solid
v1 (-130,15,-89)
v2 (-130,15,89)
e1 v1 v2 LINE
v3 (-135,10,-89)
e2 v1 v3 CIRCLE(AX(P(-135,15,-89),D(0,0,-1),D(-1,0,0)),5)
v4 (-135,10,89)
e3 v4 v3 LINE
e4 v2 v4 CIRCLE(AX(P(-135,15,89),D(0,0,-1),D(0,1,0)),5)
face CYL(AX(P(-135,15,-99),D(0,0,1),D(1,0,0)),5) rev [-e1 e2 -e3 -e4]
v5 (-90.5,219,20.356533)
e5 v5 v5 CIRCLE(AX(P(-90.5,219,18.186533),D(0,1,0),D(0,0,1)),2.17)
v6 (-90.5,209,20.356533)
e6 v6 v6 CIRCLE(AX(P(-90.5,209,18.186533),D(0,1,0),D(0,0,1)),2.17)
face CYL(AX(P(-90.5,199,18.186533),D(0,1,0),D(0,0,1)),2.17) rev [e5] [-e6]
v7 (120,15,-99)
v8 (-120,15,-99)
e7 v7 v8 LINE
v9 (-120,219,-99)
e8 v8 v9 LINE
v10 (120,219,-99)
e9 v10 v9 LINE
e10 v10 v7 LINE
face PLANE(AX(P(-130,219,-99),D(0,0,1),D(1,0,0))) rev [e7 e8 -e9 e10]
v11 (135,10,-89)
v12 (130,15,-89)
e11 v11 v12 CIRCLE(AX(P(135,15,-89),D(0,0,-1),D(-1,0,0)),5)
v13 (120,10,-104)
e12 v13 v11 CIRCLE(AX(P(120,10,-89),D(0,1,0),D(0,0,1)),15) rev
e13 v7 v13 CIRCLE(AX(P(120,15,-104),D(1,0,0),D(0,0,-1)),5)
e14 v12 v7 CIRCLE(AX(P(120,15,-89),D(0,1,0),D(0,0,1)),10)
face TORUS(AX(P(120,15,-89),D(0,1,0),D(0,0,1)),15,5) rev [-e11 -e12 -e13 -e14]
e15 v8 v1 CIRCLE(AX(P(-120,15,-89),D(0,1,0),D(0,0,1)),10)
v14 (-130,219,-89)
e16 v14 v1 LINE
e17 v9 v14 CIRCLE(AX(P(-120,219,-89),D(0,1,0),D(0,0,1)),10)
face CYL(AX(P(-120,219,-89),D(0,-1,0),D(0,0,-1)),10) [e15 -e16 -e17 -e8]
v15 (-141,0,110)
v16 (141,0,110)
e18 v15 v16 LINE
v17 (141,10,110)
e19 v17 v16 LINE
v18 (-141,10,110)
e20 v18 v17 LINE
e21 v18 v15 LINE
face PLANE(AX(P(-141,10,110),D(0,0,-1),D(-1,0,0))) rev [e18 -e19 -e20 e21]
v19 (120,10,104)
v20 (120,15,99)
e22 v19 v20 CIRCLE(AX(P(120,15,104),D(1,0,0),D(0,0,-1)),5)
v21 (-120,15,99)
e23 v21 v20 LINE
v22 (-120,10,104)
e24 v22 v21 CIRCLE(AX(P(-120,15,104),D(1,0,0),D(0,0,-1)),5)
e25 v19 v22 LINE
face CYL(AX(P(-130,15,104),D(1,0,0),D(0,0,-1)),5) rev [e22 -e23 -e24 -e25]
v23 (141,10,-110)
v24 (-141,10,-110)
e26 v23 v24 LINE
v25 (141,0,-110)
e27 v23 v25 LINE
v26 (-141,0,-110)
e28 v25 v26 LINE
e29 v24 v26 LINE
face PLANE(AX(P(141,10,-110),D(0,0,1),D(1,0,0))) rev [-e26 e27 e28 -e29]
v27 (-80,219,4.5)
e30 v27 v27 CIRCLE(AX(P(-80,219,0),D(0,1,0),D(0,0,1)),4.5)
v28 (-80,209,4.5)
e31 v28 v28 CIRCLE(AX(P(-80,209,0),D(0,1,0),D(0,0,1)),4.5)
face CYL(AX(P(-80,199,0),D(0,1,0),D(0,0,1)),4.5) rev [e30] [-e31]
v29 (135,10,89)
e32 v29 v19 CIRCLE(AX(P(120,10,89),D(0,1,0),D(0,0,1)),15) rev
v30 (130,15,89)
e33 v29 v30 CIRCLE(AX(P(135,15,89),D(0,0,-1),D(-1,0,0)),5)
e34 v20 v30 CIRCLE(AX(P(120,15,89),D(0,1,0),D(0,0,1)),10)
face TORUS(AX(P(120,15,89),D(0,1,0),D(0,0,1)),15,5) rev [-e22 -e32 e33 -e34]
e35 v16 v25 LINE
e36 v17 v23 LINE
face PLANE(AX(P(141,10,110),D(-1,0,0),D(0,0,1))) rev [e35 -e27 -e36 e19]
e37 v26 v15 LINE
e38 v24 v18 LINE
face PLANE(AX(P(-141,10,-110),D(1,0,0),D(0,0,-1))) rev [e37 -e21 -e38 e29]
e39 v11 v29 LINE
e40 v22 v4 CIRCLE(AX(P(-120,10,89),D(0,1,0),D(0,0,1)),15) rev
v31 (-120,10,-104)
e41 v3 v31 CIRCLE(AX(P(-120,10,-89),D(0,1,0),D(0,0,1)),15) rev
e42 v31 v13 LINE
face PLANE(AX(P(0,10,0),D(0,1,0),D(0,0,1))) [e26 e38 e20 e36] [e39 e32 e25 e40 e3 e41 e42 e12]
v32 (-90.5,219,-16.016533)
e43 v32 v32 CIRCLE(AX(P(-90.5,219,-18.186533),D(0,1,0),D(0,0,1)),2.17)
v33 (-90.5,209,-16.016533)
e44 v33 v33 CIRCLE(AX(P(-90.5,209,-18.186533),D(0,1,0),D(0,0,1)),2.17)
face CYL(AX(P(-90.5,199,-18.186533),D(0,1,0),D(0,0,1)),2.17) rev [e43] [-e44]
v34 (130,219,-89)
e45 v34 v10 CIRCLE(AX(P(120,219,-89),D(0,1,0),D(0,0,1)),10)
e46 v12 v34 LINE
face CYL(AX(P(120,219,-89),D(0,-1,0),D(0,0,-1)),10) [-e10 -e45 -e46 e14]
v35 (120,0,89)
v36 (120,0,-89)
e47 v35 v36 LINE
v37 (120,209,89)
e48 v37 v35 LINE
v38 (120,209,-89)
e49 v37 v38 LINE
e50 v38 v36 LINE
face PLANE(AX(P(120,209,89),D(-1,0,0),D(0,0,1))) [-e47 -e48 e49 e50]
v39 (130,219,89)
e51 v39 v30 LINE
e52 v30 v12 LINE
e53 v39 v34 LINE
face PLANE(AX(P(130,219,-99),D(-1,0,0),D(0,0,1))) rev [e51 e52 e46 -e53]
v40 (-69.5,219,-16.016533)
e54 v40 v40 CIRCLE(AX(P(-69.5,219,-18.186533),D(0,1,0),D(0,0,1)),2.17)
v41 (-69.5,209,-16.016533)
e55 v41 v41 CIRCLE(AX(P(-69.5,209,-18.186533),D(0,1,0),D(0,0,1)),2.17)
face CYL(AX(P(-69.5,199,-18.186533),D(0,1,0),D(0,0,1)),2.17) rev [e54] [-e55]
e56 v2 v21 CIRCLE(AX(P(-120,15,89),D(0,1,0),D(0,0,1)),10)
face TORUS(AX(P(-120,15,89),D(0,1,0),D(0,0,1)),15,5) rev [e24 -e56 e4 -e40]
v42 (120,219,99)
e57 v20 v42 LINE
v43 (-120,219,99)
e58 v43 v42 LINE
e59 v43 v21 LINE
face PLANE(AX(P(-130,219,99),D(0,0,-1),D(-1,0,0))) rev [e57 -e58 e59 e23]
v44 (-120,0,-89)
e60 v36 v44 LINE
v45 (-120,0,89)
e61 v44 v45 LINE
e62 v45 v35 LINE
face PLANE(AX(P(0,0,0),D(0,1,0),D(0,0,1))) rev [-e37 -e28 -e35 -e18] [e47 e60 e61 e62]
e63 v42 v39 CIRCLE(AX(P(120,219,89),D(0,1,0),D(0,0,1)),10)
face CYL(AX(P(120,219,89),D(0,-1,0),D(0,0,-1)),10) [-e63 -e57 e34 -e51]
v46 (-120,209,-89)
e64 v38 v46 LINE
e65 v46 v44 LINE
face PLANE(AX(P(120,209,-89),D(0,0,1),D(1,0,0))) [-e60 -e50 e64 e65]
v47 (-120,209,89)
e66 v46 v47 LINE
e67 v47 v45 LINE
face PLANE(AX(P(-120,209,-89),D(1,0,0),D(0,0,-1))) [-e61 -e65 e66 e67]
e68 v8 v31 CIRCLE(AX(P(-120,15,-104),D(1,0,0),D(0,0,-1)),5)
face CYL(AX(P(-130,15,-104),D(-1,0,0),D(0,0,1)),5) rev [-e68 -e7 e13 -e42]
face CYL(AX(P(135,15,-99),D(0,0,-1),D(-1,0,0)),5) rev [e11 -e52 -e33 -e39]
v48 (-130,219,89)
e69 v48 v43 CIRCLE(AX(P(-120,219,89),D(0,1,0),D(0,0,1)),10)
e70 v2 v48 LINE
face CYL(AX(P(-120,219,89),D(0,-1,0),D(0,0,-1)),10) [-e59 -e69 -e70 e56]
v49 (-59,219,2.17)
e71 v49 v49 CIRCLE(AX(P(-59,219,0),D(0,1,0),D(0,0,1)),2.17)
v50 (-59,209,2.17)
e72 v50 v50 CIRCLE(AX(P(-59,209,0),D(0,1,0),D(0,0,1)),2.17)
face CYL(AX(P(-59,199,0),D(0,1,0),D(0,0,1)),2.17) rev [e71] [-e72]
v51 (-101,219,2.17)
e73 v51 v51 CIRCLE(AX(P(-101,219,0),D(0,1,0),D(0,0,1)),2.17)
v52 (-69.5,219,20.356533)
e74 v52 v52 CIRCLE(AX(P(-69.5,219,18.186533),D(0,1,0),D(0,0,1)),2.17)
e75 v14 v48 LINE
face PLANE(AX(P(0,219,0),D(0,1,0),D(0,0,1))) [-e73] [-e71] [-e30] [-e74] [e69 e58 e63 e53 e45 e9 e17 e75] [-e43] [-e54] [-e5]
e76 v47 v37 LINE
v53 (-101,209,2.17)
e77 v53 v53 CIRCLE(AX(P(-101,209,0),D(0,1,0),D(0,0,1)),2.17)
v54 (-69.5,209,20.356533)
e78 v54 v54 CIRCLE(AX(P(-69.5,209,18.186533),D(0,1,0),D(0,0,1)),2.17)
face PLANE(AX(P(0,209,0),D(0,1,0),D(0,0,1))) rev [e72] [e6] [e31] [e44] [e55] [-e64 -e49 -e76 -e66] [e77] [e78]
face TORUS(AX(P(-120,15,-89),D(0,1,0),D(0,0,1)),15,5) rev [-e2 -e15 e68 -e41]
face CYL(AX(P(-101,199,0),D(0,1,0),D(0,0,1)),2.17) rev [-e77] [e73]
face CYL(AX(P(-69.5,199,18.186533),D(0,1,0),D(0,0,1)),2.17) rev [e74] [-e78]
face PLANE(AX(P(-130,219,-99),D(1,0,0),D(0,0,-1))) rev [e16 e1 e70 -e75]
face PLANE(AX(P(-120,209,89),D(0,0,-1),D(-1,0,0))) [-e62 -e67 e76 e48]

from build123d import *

# Parameters (mm, degrees)
SKETCH1_W           = 260
SKETCH1_H           = 198
BOSS_EXTRUDE1_DEPTH = 219
SKETCH2_W           = 240
SKETCH2_H           = 178
CUT_EXTRUDE1_DEPTH  = 209
SKETCH3_W           = 282
SKETCH3_H           = 220
SKETCH3_W_2         = 260
SKETCH3_H_2         = 198
BOSS_EXTRUDE2_DEPTH = 10
FILLET1_R           = 10
FILLET3_R           = 5
SKETCH4_R           = 2.17
SKETCH4_R_2         = 4.5
CUT_EXTRUDE3_DEPTH  = 20


with BuildPart() as part:
    # Sketch1 → Boss-Extrude1 (new body)
    with BuildSketch(Plane(origin=(0, 0, 0), x_dir=(1, 0, 0), z_dir=(0, 1, 0))):
        Rectangle(SKETCH1_W, SKETCH1_H)
    extrude(amount=BOSS_EXTRUDE1_DEPTH)

    # Sketch2 → Cut-Extrude1 (cut)
    with BuildSketch(Plane(origin=(0, 0, 0), x_dir=(1, 0, 0), z_dir=(0, 1, 0))):
        Rectangle(SKETCH2_W, SKETCH2_H)
    extrude(amount=CUT_EXTRUDE1_DEPTH, mode=Mode.SUBTRACT)

    # Sketch3 → Boss-Extrude2 (add)
    with BuildSketch(Plane(origin=(0, 0, 0), x_dir=(1, 0, 0), z_dir=(0, 1, 0))):
        Rectangle(SKETCH3_W, SKETCH3_H)
        Rectangle(SKETCH3_W_2, SKETCH3_H_2, mode=Mode.SUBTRACT)
    extrude(amount=BOSS_EXTRUDE2_DEPTH)

    # Fillet1
    fillet1_edges = [part.edges().sort_by_distance(p)[0] for p in [
        (-130, 114.5, -99),
        (130, 114.5, -99),
        (130, 114.5, 99),
        (-130, 114.5, 99),
    ]]
    fillet(fillet1_edges, radius=FILLET1_R)

    # Fillet3
    fillet3_edges = [part.edges().sort_by_distance(p)[0] for p in [
        (0, 10, -99),
        (130, 10, 0),
        (0, 10, 99),
        (-130, 10, 0),
        (127.071067812, 10, -96.071067812),
        (127.071067812, 10, 96.071067812),
        (-127.071067812, 10, -96.071067812),
        (-127.071067812, 10, 96.071067812),
    ]]
    fillet(fillet3_edges, radius=FILLET3_R)

    # Sketch4 → Cut-Extrude3 (cut)
    with BuildSketch(Plane(origin=(0, 219, 0), x_dir=(1, 0, 0), z_dir=(0, 1, 0))):
        with Locations(Location((-59, 0, 0), (0, 0, 270))):
            Circle(SKETCH4_R)
        with Locations(Location((-69.5, -18.186533479, 0), (0, 0, 270))):
            Circle(SKETCH4_R)
        with Locations(Location((-90.5, -18.186533479, 0), (0, 0, 270))):
            Circle(SKETCH4_R)
        with Locations(Location((-101, 0, 0), (0, 0, 270))):
            Circle(SKETCH4_R)
        with Locations(Location((-90.5, 18.186533479, 0), (0, 0, 270))):
            Circle(SKETCH4_R)
        with Locations(Location((-69.5, 18.186533479, 0), (0, 0, 270))):
            Circle(SKETCH4_R)
        with Locations(Location((-80, 0, 0), (0, 0, 270))):
            Circle(SKETCH4_R_2)
    extrude(amount=-CUT_EXTRUDE3_DEPTH, mode=Mode.SUBTRACT)


solid = part.part
